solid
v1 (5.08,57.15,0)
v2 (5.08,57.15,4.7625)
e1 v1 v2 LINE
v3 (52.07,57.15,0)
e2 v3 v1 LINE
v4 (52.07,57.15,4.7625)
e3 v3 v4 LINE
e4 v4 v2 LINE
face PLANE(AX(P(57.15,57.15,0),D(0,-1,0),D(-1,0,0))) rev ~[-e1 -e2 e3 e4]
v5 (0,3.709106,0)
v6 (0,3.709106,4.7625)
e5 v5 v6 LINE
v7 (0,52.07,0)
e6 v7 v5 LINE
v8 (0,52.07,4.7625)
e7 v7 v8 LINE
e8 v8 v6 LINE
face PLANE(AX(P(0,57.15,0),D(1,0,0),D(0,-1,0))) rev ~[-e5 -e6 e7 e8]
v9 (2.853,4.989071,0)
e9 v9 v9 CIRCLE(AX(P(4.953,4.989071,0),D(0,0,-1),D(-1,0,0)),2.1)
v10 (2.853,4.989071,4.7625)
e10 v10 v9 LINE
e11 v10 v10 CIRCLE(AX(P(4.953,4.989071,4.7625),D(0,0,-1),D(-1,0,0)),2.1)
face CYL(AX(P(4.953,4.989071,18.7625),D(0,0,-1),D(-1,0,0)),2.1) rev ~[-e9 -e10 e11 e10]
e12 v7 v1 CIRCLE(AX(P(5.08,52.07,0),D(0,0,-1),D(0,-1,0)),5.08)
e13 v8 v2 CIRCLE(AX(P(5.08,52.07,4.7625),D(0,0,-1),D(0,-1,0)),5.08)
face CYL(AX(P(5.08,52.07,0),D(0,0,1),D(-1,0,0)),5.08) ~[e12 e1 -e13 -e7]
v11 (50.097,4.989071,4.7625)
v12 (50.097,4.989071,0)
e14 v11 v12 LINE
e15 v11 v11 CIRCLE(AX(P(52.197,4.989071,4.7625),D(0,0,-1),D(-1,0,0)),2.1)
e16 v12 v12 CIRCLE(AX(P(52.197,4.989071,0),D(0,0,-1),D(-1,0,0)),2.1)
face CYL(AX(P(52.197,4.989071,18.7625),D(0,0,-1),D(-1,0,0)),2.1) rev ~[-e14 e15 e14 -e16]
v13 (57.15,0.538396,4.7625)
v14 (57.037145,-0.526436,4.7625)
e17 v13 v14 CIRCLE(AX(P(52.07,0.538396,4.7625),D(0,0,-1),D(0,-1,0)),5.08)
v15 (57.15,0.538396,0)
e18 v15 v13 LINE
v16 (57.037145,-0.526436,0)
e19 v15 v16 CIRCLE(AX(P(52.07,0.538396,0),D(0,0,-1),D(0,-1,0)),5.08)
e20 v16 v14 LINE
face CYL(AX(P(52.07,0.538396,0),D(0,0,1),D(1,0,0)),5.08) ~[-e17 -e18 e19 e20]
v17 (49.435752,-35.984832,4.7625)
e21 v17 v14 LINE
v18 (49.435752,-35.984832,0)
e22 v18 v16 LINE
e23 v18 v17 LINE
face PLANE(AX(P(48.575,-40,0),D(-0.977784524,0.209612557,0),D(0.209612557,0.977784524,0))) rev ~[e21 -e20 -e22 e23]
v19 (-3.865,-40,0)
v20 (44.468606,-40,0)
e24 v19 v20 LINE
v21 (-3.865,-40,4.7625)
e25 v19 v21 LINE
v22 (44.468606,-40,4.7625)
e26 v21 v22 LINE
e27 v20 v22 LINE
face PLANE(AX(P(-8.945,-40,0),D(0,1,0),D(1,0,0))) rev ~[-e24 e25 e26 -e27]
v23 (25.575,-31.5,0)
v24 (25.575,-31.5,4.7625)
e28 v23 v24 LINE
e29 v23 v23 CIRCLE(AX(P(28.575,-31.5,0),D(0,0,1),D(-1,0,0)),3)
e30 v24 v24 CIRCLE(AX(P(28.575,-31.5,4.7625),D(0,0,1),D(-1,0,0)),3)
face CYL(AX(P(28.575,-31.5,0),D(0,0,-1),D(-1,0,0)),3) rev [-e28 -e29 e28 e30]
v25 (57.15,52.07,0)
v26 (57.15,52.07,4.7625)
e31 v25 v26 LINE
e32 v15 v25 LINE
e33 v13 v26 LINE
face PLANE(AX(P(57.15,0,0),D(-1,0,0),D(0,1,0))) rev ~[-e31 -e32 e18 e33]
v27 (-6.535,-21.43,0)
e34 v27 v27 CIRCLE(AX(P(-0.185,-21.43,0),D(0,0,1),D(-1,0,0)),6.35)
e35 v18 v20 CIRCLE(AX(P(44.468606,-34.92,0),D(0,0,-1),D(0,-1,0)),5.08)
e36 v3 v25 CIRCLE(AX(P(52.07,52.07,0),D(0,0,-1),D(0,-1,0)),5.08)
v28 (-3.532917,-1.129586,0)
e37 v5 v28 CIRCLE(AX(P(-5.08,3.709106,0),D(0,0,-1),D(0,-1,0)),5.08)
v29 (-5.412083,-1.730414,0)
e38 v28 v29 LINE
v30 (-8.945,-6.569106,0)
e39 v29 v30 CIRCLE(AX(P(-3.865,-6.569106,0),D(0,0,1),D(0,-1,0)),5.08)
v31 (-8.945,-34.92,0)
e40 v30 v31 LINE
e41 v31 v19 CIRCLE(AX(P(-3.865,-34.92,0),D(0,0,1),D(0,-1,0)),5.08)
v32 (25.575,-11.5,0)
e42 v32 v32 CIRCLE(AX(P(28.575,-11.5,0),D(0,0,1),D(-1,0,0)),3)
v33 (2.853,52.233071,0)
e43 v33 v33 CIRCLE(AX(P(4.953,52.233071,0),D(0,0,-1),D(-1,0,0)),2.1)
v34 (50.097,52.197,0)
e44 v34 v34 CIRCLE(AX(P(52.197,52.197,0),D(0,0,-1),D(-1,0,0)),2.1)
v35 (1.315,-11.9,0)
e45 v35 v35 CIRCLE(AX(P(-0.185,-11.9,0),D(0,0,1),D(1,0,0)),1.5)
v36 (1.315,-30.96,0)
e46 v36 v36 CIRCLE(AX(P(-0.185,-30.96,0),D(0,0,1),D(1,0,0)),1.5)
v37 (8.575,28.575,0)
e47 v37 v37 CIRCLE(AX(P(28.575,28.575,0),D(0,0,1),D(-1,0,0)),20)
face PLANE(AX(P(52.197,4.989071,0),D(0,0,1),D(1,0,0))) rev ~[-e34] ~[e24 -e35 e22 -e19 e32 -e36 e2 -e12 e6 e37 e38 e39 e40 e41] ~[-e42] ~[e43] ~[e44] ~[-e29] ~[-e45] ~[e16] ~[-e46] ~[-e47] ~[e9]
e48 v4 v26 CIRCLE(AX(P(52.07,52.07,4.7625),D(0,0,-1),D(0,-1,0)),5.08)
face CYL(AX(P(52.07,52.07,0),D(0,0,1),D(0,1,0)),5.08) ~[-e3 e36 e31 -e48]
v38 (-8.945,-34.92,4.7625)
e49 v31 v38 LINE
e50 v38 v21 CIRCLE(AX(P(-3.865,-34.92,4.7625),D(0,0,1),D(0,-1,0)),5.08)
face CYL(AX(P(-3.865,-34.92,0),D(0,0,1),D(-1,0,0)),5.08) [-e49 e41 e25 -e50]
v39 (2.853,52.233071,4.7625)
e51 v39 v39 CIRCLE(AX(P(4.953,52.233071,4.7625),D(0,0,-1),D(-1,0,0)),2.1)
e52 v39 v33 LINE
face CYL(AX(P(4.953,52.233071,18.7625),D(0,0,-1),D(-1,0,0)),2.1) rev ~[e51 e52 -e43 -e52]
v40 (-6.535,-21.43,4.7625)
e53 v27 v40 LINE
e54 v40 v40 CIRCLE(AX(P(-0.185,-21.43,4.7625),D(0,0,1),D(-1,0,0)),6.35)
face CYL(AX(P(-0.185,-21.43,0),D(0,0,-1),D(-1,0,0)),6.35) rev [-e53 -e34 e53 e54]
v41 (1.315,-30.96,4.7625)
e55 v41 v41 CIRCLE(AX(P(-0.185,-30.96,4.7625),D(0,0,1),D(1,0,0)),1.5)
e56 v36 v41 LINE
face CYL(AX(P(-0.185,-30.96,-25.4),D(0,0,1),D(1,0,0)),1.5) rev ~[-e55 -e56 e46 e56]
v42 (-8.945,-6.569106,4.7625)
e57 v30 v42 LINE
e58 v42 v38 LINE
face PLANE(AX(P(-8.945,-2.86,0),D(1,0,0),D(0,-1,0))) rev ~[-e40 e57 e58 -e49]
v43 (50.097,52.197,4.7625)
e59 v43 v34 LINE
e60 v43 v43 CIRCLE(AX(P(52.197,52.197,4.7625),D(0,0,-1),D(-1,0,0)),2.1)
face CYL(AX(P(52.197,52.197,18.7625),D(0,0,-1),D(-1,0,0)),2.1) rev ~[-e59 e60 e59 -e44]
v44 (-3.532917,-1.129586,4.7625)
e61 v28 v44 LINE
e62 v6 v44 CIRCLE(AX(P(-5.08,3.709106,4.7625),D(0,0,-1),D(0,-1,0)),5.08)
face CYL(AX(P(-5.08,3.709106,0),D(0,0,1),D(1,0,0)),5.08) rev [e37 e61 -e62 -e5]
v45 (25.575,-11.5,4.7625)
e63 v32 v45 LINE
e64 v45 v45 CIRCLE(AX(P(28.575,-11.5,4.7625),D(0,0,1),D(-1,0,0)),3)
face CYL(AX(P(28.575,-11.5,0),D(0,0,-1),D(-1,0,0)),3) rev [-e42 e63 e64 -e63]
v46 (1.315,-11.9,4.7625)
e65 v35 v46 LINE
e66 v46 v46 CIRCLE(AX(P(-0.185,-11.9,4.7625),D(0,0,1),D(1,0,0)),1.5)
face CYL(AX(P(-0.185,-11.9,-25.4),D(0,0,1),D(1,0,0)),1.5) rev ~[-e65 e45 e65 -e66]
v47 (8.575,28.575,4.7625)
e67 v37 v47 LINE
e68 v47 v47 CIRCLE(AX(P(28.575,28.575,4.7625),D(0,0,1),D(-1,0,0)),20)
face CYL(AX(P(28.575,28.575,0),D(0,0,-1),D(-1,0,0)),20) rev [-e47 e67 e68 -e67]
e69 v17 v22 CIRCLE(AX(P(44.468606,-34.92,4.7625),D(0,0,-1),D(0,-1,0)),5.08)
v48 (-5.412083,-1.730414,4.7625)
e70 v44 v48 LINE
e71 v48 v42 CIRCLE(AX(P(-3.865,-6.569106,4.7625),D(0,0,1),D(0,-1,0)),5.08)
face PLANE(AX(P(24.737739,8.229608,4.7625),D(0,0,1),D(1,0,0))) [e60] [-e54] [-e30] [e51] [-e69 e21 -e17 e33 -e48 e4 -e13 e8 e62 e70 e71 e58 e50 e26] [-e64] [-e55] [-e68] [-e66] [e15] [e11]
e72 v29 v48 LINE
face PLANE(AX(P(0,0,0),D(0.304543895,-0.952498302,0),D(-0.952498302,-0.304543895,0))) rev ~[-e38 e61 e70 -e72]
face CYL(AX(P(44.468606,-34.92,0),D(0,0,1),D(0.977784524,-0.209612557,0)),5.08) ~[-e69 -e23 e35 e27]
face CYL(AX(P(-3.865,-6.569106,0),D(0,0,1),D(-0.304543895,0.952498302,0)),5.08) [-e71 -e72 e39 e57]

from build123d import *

# Parameters (mm, degrees)
SKETCH1_R                    = 6.349999995
SKETCH1_R_2                  = 2.75
SKETCH1_R_3                  = 2.999999999
SKETCH1_R_4                  = 20
BOSS_EXTRUDE1_DEPTH          = 4.7625
FILLET1_R                    = 5.08
M5_TAPPED_HOLE1_D            = 4.2
M5_TAPPED_HOLE1_DEPTH        = 14
M5_TAPPED_HOLE1_TIP          = 1.2618073
F_3_0_3_DIAMETER_HOLE1_D     = 3
F_3_0_3_DIAMETER_HOLE1_DEPTH = 25.4
F_3_0_3_DIAMETER_HOLE1_TIP   = 0.901290929


with BuildPart() as part:
    # Sketch1 → Boss-Extrude1 (new body)
    # profile 1 of 6: a face of its own
    with BuildSketch(Plane.XY):
        Polygon((0, 57.15), (0, 0), (-8.945, -2.86), (-8.945, -40), (8.575, -40), (48.575, -40), (57.15, 0), (57.15, 57.15), align=None)
        with Locations(Location((-0.185, -21.43, 0), (0, 0, 180))):
            Circle(SKETCH1_R, mode=Mode.SUBTRACT)
        with Locations((4.953, 4.989071325)):
            Circle(SKETCH1_R_2, mode=Mode.SUBTRACT)
        with Locations(Location((28.575, -31.5, 0), (0, 0, 180))):
            Circle(SKETCH1_R_3, mode=Mode.SUBTRACT)
        with Locations(Location((28.575, -11.5, 0), (0, 0, 180))):
            Circle(SKETCH1_R_3, mode=Mode.SUBTRACT)
        with Locations((52.197, 4.989071325)):
            Circle(SKETCH1_R_2, mode=Mode.SUBTRACT)
        with Locations((4.953, 52.233071325)):
            Circle(SKETCH1_R_2, mode=Mode.SUBTRACT)
        with Locations(Location((28.575, 28.575, 0), (0, 0, 180))):
            Circle(SKETCH1_R_4, mode=Mode.SUBTRACT)
        with Locations((52.197, 52.197)):
            Circle(SKETCH1_R_2, mode=Mode.SUBTRACT)
    # profile 2 of 6: a face of its own
    with BuildSketch(Plane.XY):
        Polygon((0, 57.15), (0, 0), (-8.945, -2.86), (-8.945, -40), (8.575, -40), (48.575, -40), (57.15, 0), (57.15, 57.15), align=None)
        with Locations(Location((-0.185, -21.43, 0), (0, 0, 180))):
            Circle(SKETCH1_R, mode=Mode.SUBTRACT)
        with Locations((4.953, 4.989071325)):
            Circle(SKETCH1_R_2, mode=Mode.SUBTRACT)
        with Locations(Location((28.575, -31.5, 0), (0, 0, 180))):
            Circle(SKETCH1_R_3, mode=Mode.SUBTRACT)
        with Locations(Location((28.575, -11.5, 0), (0, 0, 180))):
            Circle(SKETCH1_R_3, mode=Mode.SUBTRACT)
        with Locations((52.197, 4.989071325)):
            Circle(SKETCH1_R_2, mode=Mode.SUBTRACT)
        with Locations((4.953, 52.233071325)):
            Circle(SKETCH1_R_2, mode=Mode.SUBTRACT)
        with Locations(Location((28.575, 28.575, 0), (0, 0, 180))):
            Circle(SKETCH1_R_4, mode=Mode.SUBTRACT)
        with Locations((52.197, 52.197)):
            Circle(SKETCH1_R_2, mode=Mode.SUBTRACT)
    # profile 3 of 6: a face of its own
    with BuildSketch(Plane.XY):
        with Locations((4.953, 52.233071325)):
            Circle(SKETCH1_R_2)
    # profile 4 of 6: a face of its own
    with BuildSketch(Plane.XY):
        with Locations((52.197, 52.197)):
            Circle(SKETCH1_R_2)
    # profile 5 of 6: a face of its own
    with BuildSketch(Plane.XY):
        with Locations((4.953, 4.989071325)):
            Circle(SKETCH1_R_2)
    # profile 6 of 6: a face of its own
    with BuildSketch(Plane.XY):
        with Locations((52.197, 4.989071325)):
            Circle(SKETCH1_R_2)
    extrude(amount=BOSS_EXTRUDE1_DEPTH)

    # Fillet1
    fillet1_edges = [part.edges().sort_by_distance(p)[0] for p in [
        (-8.945, -40, 2.38125),
        (-8.945, -2.86, 2.38125),
        (0, 0, 2.38125),
        (0, 57.15, 2.38125),
        (57.15, 57.15, 2.38125),
        (57.15, 0, 2.38125),
        (48.575, -40, 2.38125),
    ]]
    fillet(fillet1_edges, radius=FILLET1_R)

    # M5 Tapped Hole1
    with Locations(Plane.XY.offset(4.7625)):
        with Locations((4.953, 52.233071325), (52.197, 52.197), (52.197, 4.989071325), (4.953, 4.989071325)):
            Hole(M5_TAPPED_HOLE1_D / 2, depth=M5_TAPPED_HOLE1_DEPTH)
            with Locations((0, 0, -(M5_TAPPED_HOLE1_DEPTH + M5_TAPPED_HOLE1_TIP / 2))):  # 118° drill point
                Cone(0, M5_TAPPED_HOLE1_D / 2, M5_TAPPED_HOLE1_TIP, mode=Mode.SUBTRACT)

    # Ø3.0 (3) Diameter Hole1
    with Locations(Plane(origin=(0, 0, 0), x_dir=(-1, 0, 0), z_dir=(0, 0, -1))):
        with Locations((0.185, -30.96), (0.185, -11.9)):
            Hole(F_3_0_3_DIAMETER_HOLE1_D / 2, depth=F_3_0_3_DIAMETER_HOLE1_DEPTH)
            with Locations((0, 0, -(F_3_0_3_DIAMETER_HOLE1_DEPTH + F_3_0_3_DIAMETER_HOLE1_TIP / 2))):  # 118° drill point
                Cone(0, F_3_0_3_DIAMETER_HOLE1_D / 2, F_3_0_3_DIAMETER_HOLE1_TIP, mode=Mode.SUBTRACT)


solid = part.part
